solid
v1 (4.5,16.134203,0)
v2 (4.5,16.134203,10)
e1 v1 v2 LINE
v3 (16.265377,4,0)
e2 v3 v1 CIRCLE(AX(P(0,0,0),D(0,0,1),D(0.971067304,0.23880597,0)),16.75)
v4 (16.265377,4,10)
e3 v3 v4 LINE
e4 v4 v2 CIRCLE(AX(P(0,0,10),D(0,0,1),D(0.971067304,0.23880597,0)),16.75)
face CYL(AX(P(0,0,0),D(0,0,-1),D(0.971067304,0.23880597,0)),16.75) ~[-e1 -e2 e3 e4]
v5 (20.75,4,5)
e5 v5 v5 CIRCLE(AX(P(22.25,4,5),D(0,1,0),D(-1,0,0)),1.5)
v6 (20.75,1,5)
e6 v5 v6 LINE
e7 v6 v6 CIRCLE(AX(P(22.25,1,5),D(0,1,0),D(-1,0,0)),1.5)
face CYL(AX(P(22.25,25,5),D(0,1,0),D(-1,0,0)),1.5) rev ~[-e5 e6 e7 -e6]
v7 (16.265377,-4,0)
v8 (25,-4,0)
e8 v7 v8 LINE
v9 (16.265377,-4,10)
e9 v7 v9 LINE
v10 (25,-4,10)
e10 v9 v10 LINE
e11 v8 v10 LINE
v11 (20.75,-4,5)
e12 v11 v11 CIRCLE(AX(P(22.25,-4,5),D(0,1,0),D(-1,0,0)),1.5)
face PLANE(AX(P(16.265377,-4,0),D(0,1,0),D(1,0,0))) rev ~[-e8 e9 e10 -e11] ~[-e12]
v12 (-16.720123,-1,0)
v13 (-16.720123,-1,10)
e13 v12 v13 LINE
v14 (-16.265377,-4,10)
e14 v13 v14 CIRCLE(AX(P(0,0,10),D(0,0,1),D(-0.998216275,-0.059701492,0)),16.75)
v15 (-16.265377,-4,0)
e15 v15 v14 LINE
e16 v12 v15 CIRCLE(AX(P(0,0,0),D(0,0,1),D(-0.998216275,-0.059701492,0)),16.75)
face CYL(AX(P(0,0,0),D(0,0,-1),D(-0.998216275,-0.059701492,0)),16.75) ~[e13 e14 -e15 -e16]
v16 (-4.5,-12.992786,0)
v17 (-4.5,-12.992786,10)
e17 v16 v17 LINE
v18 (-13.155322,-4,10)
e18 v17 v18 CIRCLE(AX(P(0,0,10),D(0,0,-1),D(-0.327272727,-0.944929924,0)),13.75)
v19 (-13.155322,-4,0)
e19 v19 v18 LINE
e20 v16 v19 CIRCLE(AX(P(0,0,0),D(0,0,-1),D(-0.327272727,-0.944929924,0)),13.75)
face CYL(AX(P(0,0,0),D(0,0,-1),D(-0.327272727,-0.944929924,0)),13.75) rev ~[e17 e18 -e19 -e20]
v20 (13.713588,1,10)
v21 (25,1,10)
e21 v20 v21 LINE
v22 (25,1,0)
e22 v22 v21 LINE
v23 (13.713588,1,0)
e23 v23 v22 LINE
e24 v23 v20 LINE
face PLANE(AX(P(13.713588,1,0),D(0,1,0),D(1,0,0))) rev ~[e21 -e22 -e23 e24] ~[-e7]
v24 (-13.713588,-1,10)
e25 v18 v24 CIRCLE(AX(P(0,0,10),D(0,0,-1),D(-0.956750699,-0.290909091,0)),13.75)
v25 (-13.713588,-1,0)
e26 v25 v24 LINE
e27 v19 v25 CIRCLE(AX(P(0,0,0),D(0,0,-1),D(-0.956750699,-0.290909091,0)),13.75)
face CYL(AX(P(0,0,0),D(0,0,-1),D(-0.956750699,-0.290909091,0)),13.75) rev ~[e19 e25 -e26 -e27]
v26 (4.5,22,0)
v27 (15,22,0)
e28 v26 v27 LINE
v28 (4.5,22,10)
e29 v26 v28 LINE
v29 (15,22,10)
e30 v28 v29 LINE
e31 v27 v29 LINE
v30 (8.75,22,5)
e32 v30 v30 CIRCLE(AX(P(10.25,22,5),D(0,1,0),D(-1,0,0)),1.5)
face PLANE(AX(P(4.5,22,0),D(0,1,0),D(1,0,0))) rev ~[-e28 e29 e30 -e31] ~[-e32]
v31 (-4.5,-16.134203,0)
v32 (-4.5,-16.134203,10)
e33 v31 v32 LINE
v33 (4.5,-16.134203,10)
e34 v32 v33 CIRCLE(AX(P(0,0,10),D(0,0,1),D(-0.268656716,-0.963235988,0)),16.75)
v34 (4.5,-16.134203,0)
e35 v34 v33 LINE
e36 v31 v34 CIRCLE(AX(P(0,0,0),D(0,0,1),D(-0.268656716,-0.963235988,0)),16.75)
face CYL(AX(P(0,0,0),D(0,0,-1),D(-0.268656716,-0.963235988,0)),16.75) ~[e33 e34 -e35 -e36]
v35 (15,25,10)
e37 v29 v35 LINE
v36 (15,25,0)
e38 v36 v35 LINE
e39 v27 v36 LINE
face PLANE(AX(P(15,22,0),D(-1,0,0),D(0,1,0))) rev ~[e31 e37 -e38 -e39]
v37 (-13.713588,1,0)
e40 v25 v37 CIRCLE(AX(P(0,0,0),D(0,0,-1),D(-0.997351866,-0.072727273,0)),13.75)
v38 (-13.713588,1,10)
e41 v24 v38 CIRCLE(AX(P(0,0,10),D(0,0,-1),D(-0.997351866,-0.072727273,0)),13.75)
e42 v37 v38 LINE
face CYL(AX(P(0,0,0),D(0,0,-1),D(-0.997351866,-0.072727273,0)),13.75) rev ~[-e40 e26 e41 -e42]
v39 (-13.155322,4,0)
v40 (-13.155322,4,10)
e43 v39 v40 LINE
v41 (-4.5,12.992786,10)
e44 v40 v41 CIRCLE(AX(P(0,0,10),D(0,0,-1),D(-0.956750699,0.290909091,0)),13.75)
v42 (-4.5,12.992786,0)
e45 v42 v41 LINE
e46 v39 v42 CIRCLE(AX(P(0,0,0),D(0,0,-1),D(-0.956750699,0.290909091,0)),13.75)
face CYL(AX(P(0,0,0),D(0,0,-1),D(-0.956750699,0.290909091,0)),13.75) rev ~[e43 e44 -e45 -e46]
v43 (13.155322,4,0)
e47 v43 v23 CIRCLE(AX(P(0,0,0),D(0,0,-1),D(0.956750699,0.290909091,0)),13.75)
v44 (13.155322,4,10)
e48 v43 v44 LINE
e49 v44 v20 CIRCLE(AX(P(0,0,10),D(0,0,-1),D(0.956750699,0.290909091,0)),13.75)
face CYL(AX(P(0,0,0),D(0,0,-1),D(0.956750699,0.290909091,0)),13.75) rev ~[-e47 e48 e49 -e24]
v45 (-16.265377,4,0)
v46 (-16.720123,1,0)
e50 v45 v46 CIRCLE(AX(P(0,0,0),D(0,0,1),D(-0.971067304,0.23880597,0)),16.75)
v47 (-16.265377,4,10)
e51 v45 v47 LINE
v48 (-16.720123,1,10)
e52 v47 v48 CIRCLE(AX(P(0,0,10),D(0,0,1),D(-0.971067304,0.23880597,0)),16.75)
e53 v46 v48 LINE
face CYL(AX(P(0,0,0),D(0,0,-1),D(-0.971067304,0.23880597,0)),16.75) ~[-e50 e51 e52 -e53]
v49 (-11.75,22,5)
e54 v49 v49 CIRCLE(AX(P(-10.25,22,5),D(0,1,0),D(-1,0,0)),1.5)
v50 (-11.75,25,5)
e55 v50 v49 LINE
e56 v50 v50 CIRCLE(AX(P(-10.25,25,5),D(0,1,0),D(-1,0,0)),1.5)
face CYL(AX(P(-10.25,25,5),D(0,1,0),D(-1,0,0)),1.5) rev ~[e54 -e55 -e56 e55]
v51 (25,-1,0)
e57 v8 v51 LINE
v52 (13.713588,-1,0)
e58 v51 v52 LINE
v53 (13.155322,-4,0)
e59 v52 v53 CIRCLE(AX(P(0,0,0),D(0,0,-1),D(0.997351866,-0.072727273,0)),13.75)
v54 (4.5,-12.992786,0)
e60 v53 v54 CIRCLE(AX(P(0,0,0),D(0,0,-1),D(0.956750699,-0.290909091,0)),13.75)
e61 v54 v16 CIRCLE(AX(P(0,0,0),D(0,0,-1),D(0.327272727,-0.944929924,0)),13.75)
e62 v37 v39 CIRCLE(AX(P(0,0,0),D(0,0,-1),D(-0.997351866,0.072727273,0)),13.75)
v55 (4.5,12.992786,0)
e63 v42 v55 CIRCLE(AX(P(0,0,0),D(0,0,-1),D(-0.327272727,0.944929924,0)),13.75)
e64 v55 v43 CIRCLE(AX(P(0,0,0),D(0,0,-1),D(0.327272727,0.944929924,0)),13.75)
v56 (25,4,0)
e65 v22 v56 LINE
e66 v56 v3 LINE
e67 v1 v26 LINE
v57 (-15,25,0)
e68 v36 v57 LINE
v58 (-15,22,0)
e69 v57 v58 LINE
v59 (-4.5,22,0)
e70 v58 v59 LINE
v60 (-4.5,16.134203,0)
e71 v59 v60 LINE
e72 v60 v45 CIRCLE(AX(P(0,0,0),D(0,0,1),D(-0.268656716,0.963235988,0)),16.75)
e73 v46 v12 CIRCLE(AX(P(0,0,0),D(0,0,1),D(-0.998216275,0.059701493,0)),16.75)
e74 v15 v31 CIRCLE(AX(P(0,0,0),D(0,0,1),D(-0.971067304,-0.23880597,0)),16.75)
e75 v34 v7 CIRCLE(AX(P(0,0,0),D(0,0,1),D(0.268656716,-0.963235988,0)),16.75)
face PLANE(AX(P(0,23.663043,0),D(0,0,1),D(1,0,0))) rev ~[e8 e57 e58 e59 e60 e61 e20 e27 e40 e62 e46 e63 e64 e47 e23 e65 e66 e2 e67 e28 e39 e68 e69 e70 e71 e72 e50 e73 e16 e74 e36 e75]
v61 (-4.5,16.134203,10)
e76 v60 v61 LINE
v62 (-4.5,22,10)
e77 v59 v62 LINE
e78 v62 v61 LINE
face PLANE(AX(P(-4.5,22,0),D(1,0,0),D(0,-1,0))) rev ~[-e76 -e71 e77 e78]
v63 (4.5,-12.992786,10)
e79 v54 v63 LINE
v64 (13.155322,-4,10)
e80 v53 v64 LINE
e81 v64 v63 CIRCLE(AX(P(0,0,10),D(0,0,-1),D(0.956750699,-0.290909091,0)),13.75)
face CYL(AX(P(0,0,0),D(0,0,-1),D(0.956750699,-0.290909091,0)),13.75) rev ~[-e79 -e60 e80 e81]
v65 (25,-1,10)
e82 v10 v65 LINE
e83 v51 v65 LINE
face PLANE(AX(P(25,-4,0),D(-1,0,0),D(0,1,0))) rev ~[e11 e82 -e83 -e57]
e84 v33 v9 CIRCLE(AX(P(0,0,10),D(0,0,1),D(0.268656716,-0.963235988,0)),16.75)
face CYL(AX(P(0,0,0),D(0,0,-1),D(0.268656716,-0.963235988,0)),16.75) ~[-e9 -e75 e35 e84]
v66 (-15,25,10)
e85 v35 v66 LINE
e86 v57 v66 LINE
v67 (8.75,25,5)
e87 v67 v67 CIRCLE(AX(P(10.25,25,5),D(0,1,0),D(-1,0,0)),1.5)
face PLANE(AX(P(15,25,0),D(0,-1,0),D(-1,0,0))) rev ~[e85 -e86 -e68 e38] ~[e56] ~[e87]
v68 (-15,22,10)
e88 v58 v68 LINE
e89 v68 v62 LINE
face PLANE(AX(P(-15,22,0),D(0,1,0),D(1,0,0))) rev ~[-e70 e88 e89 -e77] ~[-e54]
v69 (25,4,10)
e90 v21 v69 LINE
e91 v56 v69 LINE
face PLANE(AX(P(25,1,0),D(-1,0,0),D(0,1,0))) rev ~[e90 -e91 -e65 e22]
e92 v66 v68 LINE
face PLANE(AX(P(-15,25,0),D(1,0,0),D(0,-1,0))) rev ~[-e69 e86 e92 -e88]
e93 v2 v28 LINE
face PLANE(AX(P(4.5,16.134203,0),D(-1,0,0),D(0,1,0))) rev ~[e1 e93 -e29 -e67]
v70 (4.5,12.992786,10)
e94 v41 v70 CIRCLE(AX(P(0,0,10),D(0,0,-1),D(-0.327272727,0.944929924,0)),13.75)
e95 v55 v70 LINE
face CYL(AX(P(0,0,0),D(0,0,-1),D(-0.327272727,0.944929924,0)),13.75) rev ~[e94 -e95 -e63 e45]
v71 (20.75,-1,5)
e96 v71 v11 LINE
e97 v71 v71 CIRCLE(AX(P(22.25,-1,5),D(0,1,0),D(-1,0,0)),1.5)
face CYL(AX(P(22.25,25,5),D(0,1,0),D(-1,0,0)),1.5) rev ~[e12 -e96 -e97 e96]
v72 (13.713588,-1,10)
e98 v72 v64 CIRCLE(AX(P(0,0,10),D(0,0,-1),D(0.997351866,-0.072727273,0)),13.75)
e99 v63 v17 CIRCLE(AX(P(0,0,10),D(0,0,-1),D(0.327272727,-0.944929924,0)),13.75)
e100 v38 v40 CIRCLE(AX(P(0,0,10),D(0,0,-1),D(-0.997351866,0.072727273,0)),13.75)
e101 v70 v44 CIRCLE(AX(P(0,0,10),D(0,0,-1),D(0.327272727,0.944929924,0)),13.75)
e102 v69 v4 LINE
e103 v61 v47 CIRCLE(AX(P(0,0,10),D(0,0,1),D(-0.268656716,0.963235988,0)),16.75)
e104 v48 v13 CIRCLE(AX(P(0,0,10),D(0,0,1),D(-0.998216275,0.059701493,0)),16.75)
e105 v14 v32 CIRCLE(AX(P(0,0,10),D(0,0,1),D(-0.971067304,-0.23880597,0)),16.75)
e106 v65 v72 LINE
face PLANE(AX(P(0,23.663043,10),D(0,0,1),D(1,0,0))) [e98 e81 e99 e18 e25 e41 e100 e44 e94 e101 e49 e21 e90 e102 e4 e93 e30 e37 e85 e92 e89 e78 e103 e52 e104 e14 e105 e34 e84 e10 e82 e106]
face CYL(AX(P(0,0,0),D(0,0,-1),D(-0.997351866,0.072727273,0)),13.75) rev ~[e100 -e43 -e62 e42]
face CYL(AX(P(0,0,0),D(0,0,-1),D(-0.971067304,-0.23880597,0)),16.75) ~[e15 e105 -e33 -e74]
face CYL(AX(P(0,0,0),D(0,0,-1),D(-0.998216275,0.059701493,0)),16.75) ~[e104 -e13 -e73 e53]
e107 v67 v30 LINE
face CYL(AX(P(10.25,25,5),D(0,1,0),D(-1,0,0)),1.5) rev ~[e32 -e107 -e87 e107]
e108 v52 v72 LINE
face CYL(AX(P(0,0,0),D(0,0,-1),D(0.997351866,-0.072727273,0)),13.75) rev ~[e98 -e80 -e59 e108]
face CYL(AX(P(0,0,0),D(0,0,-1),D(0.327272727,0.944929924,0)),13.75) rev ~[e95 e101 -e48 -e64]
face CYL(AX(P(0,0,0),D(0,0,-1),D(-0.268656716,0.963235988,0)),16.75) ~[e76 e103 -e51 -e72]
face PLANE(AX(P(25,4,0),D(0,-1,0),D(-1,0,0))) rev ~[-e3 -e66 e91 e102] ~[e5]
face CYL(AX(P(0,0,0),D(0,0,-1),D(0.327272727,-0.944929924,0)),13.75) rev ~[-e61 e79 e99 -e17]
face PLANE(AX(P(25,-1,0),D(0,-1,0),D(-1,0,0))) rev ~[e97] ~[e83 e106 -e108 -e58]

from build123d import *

# Parameters (mm, degrees)
F0_W     = 9
F0_H     = 1.5
F1_DEPTH = 10
F3_R     = 1.5
F4_DEPTH = 3
F5_DEPTH = 41.751


with BuildPart() as f1:
    # F0 (on Top) → F1 (new body)
    with BuildSketch(Plane.XY):
        Polygon((4.5, 23.5), (4.5, 22), (15, 22), (15, 25), (-15, 25), (-15, 22), (-4.5, 22), (-4.5, 23.5), align=None)
        with Locations((0, 22.75)):
            Rectangle(F0_W, F0_H)
        with BuildLine():
            ThreePointArc((-4.5, 16.1342028003), (0, 16.75), (4.5, 16.1342028003))
            Line((4.5, 16.1342028003), (4.5, 22))
            Line((4.5, 22), (-4.5, 22))
            Line((-4.5, 22), (-4.5, 16.1342028003))
        make_face()
        with BuildLine():
            ThreePointArc((-4.5, 12.9927864602), (0, 13.75), (4.5, 12.9927864602))
            Line((4.5, 12.9927864602), (4.5, 16.1342028003))
            ThreePointArc((4.5, 16.1342028003), (0, 16.75), (-4.5, 16.1342028003))
            Line((-4.5, 16.1342028003), (-4.5, 12.9927864602))
        make_face()
        with BuildLine():
            ThreePointArc((4.5, 12.9927864602), (9.9068234991, 9.5350588964), (13.1553221169, 4))
            Line((13.1553221169, 4), (16.2653773396, 4))
            ThreePointArc((16.2653773396, 4), (12.0253874538, 11.6598694927), (4.5, 16.1342028003))
            Line((4.5, 16.1342028003), (4.5, 12.9927864602))
        make_face()
        with BuildLine():
            ThreePointArc((-13.1553221169, 4), (-9.9068234991, 9.5350588964), (-4.5, 12.9927864602))
            Line((-4.5, 12.9927864602), (-4.5, 16.1342028003))
            ThreePointArc((-4.5, 16.1342028003), (-12.0253874538, 11.6598694927), (-16.2653773396, 4))
            Line((-16.2653773396, 4), (-13.1553221169, 4))
        make_face()
        with BuildLine():
            ThreePointArc((13.1553221169, 4), (13.5179356693, 2.5155347824), (13.7135881519, 1))
            Line((13.7135881519, 1), (16.7201226072, 1))
            ThreePointArc((16.7201226072, 1), (16.5608212866, 2.5103183692), (16.2653773396, 4))
            Line((16.2653773396, 4), (13.1553221169, 4))
        make_face()
        with BuildLine():
            ThreePointArc((16.2653773396, 4), (16.5608212866, 2.5103183692), (16.7201226072, 1))
            Line((16.7201226072, 1), (25, 1))
            Line((25, 1), (25, 4))
            Line((25, 4), (16.2653773396, 4))
        make_face()
        with BuildLine():
            Line((25, -1), (16.7201226072, -1))
            ThreePointArc((16.7201226072, -1), (16.5608212866, -2.5103183692), (16.2653773396, -4))
            Line((16.2653773396, -4), (25, -4))
            Line((25, -4), (25, -1))
        make_face()
        with BuildLine():
            Line((16.7201226072, -1), (13.7135881519, -1))
            ThreePointArc((13.7135881519, -1), (13.5179356693, -2.5155347824), (13.1553221169, -4))
            Line((13.1553221169, -4), (16.2653773396, -4))
            ThreePointArc((16.2653773396, -4), (16.5608212866, -2.5103183692), (16.7201226072, -1))
        make_face()
        with BuildLine():
            Line((16.2653773396, -4), (13.1553221169, -4))
            ThreePointArc((13.1553221169, -4), (9.9068234991, -9.5350588964), (4.5, -12.9927864602))
            Line((4.5, -12.9927864602), (4.5, -16.1342028003))
            ThreePointArc((4.5, -16.1342028003), (12.0253874538, -11.6598694927), (16.2653773396, -4))
        make_face()
        with BuildLine():
            Line((-4.5, -16.1342028003), (-4.5, -12.9927864602))
            ThreePointArc((-4.5, -12.9927864602), (-9.9068234991, -9.5350588964), (-13.1553221169, -4))
            Line((-13.1553221169, -4), (-16.2653773396, -4))
            ThreePointArc((-16.2653773396, -4), (-12.0253874538, -11.6598694927), (-4.5, -16.1342028003))
        make_face()
        with BuildLine():
            ThreePointArc((-13.1553221169, -4), (-13.5179356693, -2.5155347824), (-13.7135881519, -1))
            Line((-13.7135881519, -1), (-16.7201226072, -1))
            ThreePointArc((-16.7201226072, -1), (-16.5608212866, -2.5103183692), (-16.2653773396, -4))
            Line((-16.2653773396, -4), (-13.1553221169, -4))
        make_face()
        with BuildLine():
            ThreePointArc((-13.7135881519, -1), (-13.75, 0), (-13.7135881519, 1))
            Line((-13.7135881519, 1), (-16.7201226072, 1))
            ThreePointArc((-16.7201226072, 1), (-16.75, 0), (-16.7201226072, -1))
            Line((-16.7201226072, -1), (-13.7135881519, -1))
        make_face()
        with BuildLine():
            Line((-16.7201226072, 1), (-13.7135881519, 1))
            ThreePointArc((-13.7135881519, 1), (-13.5179356693, 2.5155347824), (-13.1553221169, 4))
            Line((-13.1553221169, 4), (-16.2653773396, 4))
            ThreePointArc((-16.2653773396, 4), (-16.5608212866, 2.5103183692), (-16.7201226072, 1))
        make_face()
        with BuildLine():
            Line((4.5, -16.1342028003), (4.5, -12.9927864602))
            ThreePointArc((4.5, -12.9927864602), (0, -13.75), (-4.5, -12.9927864602))
            Line((-4.5, -12.9927864602), (-4.5, -16.1342028003))
            ThreePointArc((-4.5, -16.1342028003), (0, -16.75), (4.5, -16.1342028003))
        make_face()
    extrude(amount=F1_DEPTH)

    # F3 (on offset) → F4 (cut, through all)
    with BuildSketch(Plane(origin=(0, 25, 0), x_dir=(-1, 0, 0), z_dir=(0, 1, 0))):
        with Locations((-10.25, 5)):
            Circle(F3_R)
        with Locations((10.25, 5)):
            Circle(F3_R)
        with Locations((-22.25, 5)):
            Circle(F3_R)
    extrude(amount=-F4_DEPTH, mode=Mode.SUBTRACT)

    # F3 (on offset) → F5 (cut, through all)
    with BuildSketch(Plane(origin=(0, 25, 0), x_dir=(-1, 0, 0), z_dir=(0, 1, 0))):
        with Locations((-22.25, 5)):
            Circle(F3_R)
    extrude(amount=-F5_DEPTH, mode=Mode.SUBTRACT)


solid = f1.part
